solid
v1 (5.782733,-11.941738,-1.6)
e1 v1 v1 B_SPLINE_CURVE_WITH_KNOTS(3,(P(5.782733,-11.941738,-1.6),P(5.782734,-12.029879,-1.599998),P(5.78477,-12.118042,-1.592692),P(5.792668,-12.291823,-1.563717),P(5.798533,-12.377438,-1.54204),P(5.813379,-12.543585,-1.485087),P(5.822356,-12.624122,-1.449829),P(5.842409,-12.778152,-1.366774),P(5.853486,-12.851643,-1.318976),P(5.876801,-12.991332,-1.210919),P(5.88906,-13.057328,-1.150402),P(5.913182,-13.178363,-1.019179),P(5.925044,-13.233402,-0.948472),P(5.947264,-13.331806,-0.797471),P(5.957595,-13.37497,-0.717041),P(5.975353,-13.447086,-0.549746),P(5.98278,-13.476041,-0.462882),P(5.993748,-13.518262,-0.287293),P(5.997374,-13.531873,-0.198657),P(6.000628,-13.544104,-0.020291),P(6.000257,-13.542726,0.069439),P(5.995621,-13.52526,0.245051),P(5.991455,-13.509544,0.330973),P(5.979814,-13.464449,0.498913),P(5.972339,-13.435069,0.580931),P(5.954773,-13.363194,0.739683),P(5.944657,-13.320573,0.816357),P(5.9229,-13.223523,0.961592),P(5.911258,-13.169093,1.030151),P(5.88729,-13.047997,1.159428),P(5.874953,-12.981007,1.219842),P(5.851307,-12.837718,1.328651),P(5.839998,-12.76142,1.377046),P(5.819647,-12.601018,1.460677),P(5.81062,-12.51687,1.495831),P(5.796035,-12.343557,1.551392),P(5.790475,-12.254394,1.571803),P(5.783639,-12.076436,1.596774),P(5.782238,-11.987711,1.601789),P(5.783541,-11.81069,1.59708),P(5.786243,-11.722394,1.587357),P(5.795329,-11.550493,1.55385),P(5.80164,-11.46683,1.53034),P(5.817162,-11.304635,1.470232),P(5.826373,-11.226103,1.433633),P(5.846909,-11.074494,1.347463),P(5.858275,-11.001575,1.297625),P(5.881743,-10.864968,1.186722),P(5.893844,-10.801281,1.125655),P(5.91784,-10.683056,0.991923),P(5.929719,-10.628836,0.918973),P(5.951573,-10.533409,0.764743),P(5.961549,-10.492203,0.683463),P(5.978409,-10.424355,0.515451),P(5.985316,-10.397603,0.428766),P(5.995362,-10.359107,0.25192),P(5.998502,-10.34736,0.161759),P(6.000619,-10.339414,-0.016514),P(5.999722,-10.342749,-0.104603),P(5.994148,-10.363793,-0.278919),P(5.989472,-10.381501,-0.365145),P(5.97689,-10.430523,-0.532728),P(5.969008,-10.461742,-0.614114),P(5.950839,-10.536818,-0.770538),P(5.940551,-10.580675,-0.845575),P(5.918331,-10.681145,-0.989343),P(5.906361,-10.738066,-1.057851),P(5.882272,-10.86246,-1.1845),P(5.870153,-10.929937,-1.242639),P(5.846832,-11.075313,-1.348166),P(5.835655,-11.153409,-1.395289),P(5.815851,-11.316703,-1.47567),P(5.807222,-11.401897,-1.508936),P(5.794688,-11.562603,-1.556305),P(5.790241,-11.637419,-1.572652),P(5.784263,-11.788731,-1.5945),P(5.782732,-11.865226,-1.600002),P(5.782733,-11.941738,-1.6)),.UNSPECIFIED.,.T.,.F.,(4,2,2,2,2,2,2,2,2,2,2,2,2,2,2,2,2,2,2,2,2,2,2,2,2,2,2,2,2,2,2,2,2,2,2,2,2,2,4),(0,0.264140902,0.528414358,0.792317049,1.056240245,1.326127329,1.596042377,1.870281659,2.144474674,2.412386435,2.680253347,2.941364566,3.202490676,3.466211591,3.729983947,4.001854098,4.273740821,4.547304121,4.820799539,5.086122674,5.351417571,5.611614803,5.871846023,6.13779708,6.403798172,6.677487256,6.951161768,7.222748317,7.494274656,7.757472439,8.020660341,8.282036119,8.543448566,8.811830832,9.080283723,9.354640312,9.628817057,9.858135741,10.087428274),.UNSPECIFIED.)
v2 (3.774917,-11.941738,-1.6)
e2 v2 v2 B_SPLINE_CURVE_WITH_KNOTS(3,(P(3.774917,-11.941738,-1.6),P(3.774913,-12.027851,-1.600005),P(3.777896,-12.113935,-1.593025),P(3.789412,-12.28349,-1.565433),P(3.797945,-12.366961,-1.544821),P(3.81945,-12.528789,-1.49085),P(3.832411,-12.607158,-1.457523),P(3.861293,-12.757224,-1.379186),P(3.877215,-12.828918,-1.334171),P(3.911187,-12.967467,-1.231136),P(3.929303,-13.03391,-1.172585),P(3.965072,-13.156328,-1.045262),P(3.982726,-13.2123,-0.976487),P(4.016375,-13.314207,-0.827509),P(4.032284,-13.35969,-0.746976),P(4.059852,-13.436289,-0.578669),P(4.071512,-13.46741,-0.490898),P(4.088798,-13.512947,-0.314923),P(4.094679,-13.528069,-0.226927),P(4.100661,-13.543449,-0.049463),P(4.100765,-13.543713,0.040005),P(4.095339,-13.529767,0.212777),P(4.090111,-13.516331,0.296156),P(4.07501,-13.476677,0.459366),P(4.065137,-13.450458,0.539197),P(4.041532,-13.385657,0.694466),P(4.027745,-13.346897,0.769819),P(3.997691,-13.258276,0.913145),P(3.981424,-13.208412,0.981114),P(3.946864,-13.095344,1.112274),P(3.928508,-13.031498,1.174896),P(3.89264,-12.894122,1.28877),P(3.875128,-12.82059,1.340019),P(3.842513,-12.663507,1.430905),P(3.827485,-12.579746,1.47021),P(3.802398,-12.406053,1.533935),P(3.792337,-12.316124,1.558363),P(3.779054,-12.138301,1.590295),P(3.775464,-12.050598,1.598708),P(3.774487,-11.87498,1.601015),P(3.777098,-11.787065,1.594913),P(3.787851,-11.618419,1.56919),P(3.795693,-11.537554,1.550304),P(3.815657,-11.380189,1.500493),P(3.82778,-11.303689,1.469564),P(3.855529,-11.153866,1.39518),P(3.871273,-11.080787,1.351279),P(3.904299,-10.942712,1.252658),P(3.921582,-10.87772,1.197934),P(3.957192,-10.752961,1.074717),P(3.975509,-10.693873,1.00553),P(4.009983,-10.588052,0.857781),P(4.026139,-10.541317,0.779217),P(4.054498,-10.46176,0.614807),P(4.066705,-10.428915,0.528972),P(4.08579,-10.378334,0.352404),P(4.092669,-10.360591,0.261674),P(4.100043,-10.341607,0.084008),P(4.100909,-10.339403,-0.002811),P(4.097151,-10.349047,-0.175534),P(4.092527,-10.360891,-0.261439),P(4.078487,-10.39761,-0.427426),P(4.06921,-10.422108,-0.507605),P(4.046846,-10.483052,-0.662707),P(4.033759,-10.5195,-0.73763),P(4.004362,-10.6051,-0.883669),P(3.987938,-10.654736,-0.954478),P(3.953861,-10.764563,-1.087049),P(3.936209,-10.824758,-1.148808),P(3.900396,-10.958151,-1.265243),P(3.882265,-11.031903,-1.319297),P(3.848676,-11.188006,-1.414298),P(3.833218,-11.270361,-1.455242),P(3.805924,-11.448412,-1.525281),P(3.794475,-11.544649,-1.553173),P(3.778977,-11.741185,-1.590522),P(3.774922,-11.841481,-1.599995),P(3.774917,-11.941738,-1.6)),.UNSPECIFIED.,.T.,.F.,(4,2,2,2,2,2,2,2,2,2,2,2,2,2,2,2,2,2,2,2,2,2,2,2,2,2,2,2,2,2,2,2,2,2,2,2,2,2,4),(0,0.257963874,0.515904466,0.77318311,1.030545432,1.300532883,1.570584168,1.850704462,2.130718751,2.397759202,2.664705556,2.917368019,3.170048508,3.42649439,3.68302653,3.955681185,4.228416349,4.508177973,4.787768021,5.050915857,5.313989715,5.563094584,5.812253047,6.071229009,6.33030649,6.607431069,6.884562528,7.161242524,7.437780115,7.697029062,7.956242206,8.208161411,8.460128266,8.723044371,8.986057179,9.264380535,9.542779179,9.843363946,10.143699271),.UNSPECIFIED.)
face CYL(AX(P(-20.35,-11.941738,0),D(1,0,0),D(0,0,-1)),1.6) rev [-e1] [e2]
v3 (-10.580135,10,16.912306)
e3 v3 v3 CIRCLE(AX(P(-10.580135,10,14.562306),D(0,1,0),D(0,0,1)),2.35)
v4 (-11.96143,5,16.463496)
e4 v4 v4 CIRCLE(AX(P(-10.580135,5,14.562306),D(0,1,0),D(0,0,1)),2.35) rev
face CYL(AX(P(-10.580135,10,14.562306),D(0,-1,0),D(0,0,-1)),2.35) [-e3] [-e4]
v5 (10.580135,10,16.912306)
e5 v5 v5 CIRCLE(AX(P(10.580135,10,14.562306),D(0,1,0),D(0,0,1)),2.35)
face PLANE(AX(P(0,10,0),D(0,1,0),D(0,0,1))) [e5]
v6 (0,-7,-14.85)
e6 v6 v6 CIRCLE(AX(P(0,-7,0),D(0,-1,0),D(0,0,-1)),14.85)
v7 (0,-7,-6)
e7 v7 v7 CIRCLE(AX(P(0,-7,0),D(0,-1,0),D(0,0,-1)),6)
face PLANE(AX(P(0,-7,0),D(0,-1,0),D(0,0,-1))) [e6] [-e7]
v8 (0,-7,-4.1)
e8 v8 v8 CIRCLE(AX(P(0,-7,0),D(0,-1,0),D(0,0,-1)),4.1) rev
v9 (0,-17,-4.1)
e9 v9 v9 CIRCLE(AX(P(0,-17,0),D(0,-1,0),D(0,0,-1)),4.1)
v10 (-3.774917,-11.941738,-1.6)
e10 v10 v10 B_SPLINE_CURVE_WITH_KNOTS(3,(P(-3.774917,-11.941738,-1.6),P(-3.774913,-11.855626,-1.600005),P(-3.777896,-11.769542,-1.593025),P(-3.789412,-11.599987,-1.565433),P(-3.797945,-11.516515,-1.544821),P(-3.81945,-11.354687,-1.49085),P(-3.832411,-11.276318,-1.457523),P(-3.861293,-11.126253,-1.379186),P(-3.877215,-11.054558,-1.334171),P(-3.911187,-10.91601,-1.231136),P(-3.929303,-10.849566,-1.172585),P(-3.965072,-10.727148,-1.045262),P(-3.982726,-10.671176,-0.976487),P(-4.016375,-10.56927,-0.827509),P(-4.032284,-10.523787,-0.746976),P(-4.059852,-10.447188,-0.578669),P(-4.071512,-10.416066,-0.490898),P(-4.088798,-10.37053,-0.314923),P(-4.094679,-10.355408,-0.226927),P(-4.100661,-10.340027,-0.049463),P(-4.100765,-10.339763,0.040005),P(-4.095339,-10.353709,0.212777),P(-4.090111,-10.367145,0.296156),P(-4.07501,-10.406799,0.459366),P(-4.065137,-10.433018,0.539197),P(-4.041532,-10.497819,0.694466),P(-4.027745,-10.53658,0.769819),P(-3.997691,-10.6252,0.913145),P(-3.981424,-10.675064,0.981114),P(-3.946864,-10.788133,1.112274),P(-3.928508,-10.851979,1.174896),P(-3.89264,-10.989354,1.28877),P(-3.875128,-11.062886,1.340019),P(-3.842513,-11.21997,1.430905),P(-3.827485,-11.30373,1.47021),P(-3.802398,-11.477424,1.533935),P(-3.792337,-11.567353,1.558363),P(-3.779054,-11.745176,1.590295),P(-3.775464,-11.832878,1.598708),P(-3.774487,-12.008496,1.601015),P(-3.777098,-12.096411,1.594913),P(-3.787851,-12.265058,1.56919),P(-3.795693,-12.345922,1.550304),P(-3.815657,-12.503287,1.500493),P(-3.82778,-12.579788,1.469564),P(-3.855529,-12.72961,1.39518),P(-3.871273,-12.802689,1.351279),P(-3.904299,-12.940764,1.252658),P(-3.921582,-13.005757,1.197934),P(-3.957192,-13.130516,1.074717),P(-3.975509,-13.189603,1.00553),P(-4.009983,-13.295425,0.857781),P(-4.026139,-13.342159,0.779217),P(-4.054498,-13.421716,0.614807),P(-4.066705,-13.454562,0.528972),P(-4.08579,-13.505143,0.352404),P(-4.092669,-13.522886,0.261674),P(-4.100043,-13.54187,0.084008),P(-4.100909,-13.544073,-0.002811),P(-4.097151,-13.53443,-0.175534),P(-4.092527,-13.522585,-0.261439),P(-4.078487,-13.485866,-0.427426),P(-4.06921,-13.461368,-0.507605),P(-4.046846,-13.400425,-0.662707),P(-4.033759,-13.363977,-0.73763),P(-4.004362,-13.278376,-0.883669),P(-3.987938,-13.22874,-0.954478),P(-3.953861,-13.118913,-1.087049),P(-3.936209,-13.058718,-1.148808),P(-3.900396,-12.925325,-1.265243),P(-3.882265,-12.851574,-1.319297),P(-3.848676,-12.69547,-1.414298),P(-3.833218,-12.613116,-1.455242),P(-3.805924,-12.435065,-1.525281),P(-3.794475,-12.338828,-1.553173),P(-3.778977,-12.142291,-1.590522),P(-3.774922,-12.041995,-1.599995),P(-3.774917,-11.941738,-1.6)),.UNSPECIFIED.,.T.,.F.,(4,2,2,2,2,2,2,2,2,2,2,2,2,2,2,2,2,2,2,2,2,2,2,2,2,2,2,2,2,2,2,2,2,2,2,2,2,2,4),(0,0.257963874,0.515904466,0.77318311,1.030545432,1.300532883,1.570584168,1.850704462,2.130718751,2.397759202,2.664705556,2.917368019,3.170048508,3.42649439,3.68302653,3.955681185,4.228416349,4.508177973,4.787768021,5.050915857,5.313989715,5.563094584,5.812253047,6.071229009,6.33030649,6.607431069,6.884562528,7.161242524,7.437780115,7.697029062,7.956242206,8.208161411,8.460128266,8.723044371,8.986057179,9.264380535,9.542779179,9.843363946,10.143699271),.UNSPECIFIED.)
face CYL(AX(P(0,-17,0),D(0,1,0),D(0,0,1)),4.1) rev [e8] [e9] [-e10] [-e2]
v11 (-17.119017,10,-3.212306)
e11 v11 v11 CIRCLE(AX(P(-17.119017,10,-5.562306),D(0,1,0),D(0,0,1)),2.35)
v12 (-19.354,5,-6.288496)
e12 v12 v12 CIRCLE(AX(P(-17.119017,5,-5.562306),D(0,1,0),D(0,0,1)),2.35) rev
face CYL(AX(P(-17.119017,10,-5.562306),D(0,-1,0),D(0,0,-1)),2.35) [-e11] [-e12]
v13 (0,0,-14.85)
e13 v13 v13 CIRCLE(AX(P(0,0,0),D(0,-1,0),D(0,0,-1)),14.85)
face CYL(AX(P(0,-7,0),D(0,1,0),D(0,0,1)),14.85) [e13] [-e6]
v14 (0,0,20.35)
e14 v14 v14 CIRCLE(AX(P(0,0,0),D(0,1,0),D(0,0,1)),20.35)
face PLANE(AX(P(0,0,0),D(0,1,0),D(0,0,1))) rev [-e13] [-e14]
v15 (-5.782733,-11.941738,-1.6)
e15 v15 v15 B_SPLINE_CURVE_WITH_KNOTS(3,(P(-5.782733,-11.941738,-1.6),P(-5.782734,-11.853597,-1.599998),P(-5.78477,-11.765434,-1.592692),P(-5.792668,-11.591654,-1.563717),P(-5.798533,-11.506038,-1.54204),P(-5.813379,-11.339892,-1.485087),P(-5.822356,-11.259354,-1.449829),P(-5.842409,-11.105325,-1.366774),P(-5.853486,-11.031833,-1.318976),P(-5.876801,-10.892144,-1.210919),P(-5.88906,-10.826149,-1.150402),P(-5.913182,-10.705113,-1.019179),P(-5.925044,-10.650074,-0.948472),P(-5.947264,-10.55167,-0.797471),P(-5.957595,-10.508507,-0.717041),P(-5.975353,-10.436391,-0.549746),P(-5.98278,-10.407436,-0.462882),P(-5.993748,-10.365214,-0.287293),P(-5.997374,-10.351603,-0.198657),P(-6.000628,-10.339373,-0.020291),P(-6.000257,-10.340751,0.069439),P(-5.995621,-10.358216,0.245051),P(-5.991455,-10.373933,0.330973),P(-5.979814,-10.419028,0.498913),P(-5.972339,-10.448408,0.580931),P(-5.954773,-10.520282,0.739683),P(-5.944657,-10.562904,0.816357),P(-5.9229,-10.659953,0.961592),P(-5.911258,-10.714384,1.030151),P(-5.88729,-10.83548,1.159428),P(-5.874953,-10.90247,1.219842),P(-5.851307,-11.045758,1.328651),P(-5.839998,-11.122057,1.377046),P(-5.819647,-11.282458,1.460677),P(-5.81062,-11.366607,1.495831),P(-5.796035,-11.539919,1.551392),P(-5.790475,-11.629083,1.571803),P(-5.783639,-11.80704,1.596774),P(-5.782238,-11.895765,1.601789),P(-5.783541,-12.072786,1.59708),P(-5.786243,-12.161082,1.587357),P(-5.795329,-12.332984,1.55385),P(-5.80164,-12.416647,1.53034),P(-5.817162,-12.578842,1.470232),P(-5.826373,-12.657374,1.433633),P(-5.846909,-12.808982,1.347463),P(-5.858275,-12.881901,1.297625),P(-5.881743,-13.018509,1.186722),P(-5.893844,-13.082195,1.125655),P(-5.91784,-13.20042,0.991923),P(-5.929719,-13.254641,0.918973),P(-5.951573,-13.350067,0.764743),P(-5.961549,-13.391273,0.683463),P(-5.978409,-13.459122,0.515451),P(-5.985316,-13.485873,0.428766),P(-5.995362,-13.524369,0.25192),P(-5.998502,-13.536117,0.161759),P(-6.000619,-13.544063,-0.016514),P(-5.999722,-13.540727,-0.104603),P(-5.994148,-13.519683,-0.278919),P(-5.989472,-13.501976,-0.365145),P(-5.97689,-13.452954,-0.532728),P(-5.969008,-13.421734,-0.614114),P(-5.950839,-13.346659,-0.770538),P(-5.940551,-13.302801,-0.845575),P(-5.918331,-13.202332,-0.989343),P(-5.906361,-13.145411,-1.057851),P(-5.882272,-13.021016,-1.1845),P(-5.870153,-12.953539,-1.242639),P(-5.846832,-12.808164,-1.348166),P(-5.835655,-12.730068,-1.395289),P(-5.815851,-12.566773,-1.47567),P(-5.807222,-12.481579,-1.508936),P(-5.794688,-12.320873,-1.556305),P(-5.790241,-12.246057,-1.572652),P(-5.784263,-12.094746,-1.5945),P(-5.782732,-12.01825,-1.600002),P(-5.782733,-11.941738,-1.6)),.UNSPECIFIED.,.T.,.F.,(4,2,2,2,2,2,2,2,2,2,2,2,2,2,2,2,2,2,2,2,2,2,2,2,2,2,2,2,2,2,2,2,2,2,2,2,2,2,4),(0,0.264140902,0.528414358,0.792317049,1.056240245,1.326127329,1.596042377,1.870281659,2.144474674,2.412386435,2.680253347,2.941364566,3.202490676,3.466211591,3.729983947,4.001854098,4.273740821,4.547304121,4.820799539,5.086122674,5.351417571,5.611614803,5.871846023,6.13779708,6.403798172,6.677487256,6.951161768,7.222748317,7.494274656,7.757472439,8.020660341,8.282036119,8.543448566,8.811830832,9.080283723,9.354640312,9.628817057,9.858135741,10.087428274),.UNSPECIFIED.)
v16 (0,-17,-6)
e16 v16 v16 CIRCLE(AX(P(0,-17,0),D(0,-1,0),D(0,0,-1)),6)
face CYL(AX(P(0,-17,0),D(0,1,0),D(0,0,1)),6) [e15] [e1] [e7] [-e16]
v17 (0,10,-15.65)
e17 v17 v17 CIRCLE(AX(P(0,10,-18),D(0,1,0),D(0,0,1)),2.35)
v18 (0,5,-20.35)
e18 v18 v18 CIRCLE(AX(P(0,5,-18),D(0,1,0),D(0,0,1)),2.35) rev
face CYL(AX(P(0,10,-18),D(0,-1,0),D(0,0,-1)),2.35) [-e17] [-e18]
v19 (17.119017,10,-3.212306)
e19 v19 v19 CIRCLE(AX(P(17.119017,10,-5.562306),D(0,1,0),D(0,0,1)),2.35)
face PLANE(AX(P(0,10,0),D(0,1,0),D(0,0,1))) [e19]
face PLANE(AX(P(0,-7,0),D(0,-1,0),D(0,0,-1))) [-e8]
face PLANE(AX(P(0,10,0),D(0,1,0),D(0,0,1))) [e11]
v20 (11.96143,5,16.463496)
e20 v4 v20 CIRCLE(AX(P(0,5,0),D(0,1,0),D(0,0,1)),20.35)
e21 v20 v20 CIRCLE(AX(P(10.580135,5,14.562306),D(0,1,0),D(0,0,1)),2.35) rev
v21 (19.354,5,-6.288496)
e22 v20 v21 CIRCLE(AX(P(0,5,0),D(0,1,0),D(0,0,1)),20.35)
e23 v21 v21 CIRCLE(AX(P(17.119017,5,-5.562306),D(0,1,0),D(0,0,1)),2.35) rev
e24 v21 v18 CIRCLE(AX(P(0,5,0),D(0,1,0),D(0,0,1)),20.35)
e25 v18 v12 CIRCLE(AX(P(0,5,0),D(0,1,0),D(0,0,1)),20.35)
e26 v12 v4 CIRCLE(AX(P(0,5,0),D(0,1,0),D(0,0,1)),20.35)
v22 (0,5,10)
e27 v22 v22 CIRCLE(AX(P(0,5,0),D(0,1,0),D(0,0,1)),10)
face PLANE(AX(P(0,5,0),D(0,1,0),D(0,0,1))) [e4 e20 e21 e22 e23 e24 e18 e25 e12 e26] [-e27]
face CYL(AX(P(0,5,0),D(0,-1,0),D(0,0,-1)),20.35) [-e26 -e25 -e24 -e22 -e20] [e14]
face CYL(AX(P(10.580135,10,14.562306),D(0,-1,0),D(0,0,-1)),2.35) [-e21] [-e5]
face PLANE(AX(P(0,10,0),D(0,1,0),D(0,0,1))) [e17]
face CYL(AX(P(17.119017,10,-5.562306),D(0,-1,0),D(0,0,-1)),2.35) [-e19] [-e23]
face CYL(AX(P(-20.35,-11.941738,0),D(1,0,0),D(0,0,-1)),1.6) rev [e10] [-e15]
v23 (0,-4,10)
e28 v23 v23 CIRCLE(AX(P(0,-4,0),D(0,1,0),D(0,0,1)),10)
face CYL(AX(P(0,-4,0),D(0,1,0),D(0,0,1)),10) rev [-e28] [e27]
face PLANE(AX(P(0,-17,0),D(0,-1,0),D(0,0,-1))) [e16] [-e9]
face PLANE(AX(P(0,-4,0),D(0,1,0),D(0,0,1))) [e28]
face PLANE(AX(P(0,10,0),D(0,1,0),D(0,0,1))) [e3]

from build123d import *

# Parameters (mm, degrees)
SKETCH1_R               = 20.35
BOSS_EXTRUDE2_DEPTH     = 5
SKETCH1_3_R             = 2.35
BOSS_EXTRUDE3_DEPTH     = 10
SKETCH2_R               = 14.85
BOSS_EXTRUDE4_DEPTH     = 7
SKETCH3_R               = 6
SKETCH3_R_2             = 4.1
BOSS_EXTRUDE5_DEPTH     = 10
CUT_EXTRUDE1_DEPTH      = 34.425215033
CUT_EXTRUDE1_DEPTH_BACK = 34.425215033
SKETCH5_R               = 1.6
SKETCH6_R               = 10
CUT_EXTRUDE2_DEPTH      = 9


with BuildPart() as part:
    # Sketch1 → Boss-Extrude2 (new body)
    with BuildSketch(Plane(origin=(0, 0, 0), x_dir=(1, 0, 0), z_dir=(0, 1, 0))):
        Circle(SKETCH1_R)
    extrude(amount=BOSS_EXTRUDE2_DEPTH)

    # Sketch1<3> → Boss-Extrude3 (add)
    with BuildSketch(Plane(origin=(0, 0, 0), x_dir=(1, 0, 0), z_dir=(0, 1, 0))):
        with Locations((0, 18)):
            Circle(SKETCH1_3_R)
        with Locations((-17.119017293, 5.562305899)):
            Circle(SKETCH1_3_R)
        with Locations((-10.580134541, -14.562305899)):
            Circle(SKETCH1_3_R)
        with Locations((10.580134541, -14.562305899)):
            Circle(SKETCH1_3_R)
        with Locations((17.119017293, 5.562305899)):
            Circle(SKETCH1_3_R)
    extrude(amount=BOSS_EXTRUDE3_DEPTH)

    # Sketch2 → Boss-Extrude4 (add)
    with BuildSketch(Plane.XZ):
        Circle(SKETCH2_R)
    extrude(amount=BOSS_EXTRUDE4_DEPTH)

    # Sketch3 → Boss-Extrude5 (add)
    with BuildSketch(Plane.XZ.offset(7)):
        Circle(SKETCH3_R)
        Circle(SKETCH3_R_2, mode=Mode.SUBTRACT)
    extrude(amount=BOSS_EXTRUDE5_DEPTH)

    # Sketch5 → Cut-Extrude1 (cut, two sides: drawn at the far end of the back side and taken through both)
    with BuildSketch(Plane(origin=(0, 0, 0), x_dir=(0, 0, -1), z_dir=(1, 0, 0)).offset(-CUT_EXTRUDE1_DEPTH_BACK)):
        with Locations((0, -11.941738225)):
            Circle(SKETCH5_R)
    extrude(amount=CUT_EXTRUDE1_DEPTH + CUT_EXTRUDE1_DEPTH_BACK, mode=Mode.SUBTRACT)

    # Sketch6 → Cut-Extrude2 (cut)
    with BuildSketch(Plane(origin=(0, 5, 0), x_dir=(1, 0, 0), z_dir=(0, 1, 0))):
        Circle(SKETCH6_R)
    extrude(amount=-CUT_EXTRUDE2_DEPTH, mode=Mode.SUBTRACT)


solid = part.part
